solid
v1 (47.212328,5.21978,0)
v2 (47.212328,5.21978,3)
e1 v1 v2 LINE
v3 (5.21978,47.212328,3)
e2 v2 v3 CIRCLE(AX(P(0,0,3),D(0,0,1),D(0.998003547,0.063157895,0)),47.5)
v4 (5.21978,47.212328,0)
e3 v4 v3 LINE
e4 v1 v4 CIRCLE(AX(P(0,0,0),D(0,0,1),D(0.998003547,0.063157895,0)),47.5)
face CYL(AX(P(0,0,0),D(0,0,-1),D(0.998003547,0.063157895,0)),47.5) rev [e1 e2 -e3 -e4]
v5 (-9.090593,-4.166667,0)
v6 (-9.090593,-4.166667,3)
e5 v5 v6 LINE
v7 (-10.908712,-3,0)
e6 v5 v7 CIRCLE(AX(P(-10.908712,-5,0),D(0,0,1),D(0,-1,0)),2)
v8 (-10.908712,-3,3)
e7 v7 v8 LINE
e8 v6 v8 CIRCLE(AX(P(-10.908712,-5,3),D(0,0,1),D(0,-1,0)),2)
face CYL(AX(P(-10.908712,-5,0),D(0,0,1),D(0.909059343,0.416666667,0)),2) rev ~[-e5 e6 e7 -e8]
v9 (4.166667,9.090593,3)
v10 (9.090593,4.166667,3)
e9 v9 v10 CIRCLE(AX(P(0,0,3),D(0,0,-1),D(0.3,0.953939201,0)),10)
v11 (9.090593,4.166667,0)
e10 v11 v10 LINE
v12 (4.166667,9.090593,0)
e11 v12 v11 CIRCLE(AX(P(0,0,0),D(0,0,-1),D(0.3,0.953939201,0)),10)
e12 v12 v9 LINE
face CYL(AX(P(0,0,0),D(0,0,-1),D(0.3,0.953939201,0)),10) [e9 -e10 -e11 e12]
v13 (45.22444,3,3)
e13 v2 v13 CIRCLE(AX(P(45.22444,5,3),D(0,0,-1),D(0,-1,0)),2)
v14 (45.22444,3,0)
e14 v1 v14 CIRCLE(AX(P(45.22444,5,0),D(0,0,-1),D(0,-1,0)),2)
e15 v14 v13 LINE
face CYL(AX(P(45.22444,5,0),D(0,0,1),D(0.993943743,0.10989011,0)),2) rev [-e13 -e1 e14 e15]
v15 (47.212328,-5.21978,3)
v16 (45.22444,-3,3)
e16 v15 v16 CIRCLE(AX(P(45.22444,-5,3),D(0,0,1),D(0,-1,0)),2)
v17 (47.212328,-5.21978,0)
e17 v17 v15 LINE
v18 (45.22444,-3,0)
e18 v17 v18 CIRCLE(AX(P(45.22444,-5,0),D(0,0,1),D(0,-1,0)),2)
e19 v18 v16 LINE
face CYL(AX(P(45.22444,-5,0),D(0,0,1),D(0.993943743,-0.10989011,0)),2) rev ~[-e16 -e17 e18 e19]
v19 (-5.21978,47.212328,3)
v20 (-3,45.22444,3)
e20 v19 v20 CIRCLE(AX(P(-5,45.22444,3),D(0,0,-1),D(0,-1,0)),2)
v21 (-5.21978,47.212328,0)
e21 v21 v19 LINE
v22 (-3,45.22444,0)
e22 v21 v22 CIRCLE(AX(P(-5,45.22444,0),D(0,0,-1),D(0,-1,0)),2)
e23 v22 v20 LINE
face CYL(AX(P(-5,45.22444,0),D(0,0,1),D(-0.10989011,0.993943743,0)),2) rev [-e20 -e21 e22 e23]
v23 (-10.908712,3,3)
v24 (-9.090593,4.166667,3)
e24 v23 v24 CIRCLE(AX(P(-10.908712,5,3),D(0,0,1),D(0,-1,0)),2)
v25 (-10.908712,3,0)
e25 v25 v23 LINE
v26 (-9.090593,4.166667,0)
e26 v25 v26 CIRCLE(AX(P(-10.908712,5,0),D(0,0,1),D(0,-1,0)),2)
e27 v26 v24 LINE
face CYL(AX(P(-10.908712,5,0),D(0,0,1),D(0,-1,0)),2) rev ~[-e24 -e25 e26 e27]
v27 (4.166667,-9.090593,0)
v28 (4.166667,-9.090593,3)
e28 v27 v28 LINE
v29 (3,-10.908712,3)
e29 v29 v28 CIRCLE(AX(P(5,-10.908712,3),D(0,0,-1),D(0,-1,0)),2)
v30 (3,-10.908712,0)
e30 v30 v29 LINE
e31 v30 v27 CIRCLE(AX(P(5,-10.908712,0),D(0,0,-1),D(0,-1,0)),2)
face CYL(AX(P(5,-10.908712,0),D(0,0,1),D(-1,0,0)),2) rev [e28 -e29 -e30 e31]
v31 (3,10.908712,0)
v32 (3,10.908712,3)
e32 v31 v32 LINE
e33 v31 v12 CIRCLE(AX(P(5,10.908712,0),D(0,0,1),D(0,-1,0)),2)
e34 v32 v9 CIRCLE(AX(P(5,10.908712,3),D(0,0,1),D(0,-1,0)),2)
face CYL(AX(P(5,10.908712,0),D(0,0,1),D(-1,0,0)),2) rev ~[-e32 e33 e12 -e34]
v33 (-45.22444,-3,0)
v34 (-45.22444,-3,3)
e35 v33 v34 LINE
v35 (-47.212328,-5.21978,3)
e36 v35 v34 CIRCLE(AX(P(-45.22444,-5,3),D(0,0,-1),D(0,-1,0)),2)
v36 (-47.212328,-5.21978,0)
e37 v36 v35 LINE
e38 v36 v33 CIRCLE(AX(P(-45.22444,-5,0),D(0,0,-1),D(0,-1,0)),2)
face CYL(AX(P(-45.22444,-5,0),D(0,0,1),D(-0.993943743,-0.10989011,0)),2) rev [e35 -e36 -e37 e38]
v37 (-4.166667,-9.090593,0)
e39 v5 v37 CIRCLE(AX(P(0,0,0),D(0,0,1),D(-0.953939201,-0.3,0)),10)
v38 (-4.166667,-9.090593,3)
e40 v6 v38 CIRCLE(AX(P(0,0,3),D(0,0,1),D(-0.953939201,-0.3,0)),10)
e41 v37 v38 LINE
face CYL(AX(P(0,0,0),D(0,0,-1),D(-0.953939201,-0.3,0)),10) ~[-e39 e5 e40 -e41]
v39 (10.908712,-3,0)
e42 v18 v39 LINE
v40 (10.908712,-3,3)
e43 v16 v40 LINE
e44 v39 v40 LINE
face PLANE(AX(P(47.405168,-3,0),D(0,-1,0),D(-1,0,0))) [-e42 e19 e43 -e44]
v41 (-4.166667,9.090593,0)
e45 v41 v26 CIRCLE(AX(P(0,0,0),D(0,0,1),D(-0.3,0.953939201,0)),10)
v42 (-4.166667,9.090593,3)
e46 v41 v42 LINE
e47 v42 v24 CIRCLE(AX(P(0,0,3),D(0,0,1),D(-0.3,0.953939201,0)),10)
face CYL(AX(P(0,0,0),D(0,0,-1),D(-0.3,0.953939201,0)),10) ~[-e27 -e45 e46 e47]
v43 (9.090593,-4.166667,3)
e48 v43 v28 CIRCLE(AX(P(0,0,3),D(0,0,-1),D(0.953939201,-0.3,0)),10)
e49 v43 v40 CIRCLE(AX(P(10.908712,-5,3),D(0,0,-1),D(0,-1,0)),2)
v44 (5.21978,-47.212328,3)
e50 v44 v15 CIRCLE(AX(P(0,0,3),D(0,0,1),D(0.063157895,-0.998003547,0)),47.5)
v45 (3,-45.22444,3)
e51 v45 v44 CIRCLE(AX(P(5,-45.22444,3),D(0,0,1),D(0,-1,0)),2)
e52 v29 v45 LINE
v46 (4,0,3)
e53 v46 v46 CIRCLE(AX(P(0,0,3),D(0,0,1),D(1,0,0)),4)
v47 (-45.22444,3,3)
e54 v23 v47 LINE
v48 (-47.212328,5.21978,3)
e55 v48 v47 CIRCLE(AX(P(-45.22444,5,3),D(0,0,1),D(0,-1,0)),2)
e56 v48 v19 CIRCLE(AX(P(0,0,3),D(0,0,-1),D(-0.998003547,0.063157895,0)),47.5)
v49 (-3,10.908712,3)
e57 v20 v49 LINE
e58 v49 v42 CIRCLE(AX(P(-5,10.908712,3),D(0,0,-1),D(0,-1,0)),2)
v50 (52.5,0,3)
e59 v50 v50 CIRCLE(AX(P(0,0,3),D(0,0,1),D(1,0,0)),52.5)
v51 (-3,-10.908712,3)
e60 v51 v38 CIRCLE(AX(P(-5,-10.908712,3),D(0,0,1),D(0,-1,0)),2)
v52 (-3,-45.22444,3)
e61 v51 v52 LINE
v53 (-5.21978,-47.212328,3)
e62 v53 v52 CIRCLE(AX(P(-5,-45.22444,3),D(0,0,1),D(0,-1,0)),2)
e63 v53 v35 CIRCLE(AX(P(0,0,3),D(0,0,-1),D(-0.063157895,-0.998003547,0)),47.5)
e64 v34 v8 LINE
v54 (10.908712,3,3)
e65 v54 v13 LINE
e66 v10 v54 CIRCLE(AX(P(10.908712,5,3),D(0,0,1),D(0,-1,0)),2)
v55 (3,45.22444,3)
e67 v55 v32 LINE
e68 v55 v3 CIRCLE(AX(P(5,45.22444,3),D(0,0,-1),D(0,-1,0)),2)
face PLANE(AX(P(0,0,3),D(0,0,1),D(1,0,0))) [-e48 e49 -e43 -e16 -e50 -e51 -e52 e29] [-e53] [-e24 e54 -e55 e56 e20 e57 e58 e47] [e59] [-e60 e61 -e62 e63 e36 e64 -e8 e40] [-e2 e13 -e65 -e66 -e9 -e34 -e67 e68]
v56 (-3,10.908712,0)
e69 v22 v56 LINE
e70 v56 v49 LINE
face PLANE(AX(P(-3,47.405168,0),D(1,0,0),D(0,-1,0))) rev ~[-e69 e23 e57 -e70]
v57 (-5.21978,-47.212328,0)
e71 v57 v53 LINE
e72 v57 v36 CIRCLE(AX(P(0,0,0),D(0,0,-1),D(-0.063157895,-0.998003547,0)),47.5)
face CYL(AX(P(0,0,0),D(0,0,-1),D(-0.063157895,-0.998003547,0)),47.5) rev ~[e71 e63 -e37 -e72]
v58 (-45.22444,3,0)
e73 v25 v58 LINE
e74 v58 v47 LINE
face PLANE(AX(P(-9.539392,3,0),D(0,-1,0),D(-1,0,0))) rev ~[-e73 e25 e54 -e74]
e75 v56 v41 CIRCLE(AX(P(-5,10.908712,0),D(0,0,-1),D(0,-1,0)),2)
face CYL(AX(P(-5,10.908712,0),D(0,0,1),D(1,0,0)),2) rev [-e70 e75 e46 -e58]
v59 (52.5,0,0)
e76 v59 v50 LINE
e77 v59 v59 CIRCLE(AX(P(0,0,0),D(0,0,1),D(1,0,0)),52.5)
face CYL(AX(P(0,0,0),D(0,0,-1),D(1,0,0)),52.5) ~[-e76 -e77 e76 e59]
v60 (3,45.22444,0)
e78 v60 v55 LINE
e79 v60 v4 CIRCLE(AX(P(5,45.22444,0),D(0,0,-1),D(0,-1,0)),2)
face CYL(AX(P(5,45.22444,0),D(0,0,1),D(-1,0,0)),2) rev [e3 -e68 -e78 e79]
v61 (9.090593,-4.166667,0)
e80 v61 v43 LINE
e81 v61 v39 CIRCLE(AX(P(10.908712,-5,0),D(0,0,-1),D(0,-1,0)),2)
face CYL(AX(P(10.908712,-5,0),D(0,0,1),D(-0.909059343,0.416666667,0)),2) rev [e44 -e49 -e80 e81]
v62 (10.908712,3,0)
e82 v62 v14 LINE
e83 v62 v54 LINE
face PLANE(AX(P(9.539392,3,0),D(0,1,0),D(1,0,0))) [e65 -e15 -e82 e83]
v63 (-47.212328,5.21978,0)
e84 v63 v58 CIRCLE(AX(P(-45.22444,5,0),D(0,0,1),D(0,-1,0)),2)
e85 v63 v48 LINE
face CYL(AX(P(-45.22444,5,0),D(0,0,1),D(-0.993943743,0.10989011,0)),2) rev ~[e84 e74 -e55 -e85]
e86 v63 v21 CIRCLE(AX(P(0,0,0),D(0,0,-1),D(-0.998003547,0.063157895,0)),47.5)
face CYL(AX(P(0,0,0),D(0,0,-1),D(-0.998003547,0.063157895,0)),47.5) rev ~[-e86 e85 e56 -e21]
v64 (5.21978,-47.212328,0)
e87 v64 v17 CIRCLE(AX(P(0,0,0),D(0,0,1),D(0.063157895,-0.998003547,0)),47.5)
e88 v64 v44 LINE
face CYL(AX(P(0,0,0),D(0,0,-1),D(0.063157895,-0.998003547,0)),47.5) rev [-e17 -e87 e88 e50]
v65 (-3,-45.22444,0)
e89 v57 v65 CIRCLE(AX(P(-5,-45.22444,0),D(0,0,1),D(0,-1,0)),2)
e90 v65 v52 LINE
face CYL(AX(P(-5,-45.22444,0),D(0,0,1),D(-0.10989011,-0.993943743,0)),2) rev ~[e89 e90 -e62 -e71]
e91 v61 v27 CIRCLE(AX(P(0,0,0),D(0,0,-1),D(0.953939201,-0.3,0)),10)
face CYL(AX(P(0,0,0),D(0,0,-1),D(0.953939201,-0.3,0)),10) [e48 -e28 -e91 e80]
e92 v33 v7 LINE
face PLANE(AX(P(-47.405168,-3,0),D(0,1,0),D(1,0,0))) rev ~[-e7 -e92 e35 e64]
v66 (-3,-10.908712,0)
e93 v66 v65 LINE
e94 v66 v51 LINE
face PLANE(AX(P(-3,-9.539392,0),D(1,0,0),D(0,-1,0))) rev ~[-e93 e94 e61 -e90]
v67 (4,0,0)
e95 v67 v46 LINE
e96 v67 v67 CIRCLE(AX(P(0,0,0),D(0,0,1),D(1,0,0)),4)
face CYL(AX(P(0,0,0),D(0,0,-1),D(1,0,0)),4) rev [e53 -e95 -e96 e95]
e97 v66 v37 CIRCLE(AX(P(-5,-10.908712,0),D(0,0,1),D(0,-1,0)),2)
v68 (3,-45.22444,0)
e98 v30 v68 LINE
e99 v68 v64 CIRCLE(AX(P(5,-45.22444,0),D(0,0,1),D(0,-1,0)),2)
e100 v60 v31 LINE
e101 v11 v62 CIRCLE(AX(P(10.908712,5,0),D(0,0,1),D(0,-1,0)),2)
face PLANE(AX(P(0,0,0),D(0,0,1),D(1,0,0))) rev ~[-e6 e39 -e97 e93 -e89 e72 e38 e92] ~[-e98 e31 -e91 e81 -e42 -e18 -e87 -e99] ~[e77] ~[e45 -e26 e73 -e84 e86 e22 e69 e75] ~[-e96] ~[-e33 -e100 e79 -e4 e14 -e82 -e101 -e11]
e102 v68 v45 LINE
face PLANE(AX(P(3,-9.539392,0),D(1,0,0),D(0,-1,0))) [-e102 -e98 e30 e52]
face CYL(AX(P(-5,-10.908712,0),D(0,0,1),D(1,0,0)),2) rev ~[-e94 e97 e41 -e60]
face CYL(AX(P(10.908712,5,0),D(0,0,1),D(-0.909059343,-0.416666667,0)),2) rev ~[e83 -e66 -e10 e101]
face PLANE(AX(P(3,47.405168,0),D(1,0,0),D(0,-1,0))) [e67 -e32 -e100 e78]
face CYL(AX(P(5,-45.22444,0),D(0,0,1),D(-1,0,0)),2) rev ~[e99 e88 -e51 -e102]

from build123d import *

# Parameters (mm, degrees)
SKETCH_1_R      = 52.5
SKETCH_1_R_2    = 4
EXTRUDE_1_DEPTH = 3
FILLET_1_R      = 2


with BuildPart() as part:
    # 草图1 → 凸台-拉伸1 (new body)
    with BuildSketch(Plane.XY):
        Circle(SKETCH_1_R)
        Circle(SKETCH_1_R_2, mode=Mode.SUBTRACT)
        with BuildLine():
            Line((3, 47.405168495), (3, 9.539392014))
            ThreePointArc((3, 9.539392014), (7.071067812, 7.071067812), (9.539392014, 3))
            Line((9.539392014, 3), (47.405168495, 3))
            ThreePointArc((47.405168495, 3), (33.587572106, 33.587572106), (3, 47.405168495))
        make_face(mode=Mode.SUBTRACT)
        with BuildLine():
            Line((3, -9.539392014), (3, -47.405168495))
            ThreePointArc((3, -47.405168495), (33.587572106, -33.587572106), (47.405168495, -3))
            Line((47.405168495, -3), (9.539392014, -3))
            ThreePointArc((9.539392014, -3), (7.071067812, -7.071067812), (3, -9.539392014))
        make_face(mode=Mode.SUBTRACT)
        with BuildLine():
            Line((-3, 47.405168495), (-3, 9.539392014))
            ThreePointArc((-3, 9.539392014), (-7.071067812, 7.071067812), (-9.539392014, 3))
            Line((-9.539392014, 3), (-47.405168495, 3))
            ThreePointArc((-47.405168495, 3), (-33.587572106, 33.587572106), (-3, 47.405168495))
        make_face(mode=Mode.SUBTRACT)
        with BuildLine():
            Line((-47.405168495, -3), (-9.539392014, -3))
            ThreePointArc((-9.539392014, -3), (-7.071067812, -7.071067812), (-3, -9.539392014))
            Line((-3, -9.539392014), (-3, -47.405168495))
            ThreePointArc((-3, -47.405168495), (-33.587572106, -33.587572106), (-47.405168495, -3))
        make_face(mode=Mode.SUBTRACT)
    extrude(amount=EXTRUDE_1_DEPTH)

    # 圆角1
    fillet_1_edges = [part.edges().sort_by_distance(p)[0] for p in [
        (-3, 47.405168495, 1.5),
        (-47.405168495, 3, 1.5),
        (-9.539392014, 3, 1.5),
        (-3, 9.539392014, 1.5),
        (3, -47.405168495, 1.5),
        (47.405168495, -3, 1.5),
        (9.539392014, -3, 1.5),
        (3, -9.539392014, 1.5),
        (-47.405168495, -3, 1.5),
        (-3, -47.405168495, 1.5),
        (-3, -9.539392014, 1.5),
        (-9.539392014, -3, 1.5),
        (3, 9.539392014, 1.5),
        (9.539392014, 3, 1.5),
        (47.405168495, 3, 1.5),
        (3, 47.405168495, 1.5),
    ]]
    fillet(fillet_1_edges, radius=FILLET_1_R)


solid = part.part
